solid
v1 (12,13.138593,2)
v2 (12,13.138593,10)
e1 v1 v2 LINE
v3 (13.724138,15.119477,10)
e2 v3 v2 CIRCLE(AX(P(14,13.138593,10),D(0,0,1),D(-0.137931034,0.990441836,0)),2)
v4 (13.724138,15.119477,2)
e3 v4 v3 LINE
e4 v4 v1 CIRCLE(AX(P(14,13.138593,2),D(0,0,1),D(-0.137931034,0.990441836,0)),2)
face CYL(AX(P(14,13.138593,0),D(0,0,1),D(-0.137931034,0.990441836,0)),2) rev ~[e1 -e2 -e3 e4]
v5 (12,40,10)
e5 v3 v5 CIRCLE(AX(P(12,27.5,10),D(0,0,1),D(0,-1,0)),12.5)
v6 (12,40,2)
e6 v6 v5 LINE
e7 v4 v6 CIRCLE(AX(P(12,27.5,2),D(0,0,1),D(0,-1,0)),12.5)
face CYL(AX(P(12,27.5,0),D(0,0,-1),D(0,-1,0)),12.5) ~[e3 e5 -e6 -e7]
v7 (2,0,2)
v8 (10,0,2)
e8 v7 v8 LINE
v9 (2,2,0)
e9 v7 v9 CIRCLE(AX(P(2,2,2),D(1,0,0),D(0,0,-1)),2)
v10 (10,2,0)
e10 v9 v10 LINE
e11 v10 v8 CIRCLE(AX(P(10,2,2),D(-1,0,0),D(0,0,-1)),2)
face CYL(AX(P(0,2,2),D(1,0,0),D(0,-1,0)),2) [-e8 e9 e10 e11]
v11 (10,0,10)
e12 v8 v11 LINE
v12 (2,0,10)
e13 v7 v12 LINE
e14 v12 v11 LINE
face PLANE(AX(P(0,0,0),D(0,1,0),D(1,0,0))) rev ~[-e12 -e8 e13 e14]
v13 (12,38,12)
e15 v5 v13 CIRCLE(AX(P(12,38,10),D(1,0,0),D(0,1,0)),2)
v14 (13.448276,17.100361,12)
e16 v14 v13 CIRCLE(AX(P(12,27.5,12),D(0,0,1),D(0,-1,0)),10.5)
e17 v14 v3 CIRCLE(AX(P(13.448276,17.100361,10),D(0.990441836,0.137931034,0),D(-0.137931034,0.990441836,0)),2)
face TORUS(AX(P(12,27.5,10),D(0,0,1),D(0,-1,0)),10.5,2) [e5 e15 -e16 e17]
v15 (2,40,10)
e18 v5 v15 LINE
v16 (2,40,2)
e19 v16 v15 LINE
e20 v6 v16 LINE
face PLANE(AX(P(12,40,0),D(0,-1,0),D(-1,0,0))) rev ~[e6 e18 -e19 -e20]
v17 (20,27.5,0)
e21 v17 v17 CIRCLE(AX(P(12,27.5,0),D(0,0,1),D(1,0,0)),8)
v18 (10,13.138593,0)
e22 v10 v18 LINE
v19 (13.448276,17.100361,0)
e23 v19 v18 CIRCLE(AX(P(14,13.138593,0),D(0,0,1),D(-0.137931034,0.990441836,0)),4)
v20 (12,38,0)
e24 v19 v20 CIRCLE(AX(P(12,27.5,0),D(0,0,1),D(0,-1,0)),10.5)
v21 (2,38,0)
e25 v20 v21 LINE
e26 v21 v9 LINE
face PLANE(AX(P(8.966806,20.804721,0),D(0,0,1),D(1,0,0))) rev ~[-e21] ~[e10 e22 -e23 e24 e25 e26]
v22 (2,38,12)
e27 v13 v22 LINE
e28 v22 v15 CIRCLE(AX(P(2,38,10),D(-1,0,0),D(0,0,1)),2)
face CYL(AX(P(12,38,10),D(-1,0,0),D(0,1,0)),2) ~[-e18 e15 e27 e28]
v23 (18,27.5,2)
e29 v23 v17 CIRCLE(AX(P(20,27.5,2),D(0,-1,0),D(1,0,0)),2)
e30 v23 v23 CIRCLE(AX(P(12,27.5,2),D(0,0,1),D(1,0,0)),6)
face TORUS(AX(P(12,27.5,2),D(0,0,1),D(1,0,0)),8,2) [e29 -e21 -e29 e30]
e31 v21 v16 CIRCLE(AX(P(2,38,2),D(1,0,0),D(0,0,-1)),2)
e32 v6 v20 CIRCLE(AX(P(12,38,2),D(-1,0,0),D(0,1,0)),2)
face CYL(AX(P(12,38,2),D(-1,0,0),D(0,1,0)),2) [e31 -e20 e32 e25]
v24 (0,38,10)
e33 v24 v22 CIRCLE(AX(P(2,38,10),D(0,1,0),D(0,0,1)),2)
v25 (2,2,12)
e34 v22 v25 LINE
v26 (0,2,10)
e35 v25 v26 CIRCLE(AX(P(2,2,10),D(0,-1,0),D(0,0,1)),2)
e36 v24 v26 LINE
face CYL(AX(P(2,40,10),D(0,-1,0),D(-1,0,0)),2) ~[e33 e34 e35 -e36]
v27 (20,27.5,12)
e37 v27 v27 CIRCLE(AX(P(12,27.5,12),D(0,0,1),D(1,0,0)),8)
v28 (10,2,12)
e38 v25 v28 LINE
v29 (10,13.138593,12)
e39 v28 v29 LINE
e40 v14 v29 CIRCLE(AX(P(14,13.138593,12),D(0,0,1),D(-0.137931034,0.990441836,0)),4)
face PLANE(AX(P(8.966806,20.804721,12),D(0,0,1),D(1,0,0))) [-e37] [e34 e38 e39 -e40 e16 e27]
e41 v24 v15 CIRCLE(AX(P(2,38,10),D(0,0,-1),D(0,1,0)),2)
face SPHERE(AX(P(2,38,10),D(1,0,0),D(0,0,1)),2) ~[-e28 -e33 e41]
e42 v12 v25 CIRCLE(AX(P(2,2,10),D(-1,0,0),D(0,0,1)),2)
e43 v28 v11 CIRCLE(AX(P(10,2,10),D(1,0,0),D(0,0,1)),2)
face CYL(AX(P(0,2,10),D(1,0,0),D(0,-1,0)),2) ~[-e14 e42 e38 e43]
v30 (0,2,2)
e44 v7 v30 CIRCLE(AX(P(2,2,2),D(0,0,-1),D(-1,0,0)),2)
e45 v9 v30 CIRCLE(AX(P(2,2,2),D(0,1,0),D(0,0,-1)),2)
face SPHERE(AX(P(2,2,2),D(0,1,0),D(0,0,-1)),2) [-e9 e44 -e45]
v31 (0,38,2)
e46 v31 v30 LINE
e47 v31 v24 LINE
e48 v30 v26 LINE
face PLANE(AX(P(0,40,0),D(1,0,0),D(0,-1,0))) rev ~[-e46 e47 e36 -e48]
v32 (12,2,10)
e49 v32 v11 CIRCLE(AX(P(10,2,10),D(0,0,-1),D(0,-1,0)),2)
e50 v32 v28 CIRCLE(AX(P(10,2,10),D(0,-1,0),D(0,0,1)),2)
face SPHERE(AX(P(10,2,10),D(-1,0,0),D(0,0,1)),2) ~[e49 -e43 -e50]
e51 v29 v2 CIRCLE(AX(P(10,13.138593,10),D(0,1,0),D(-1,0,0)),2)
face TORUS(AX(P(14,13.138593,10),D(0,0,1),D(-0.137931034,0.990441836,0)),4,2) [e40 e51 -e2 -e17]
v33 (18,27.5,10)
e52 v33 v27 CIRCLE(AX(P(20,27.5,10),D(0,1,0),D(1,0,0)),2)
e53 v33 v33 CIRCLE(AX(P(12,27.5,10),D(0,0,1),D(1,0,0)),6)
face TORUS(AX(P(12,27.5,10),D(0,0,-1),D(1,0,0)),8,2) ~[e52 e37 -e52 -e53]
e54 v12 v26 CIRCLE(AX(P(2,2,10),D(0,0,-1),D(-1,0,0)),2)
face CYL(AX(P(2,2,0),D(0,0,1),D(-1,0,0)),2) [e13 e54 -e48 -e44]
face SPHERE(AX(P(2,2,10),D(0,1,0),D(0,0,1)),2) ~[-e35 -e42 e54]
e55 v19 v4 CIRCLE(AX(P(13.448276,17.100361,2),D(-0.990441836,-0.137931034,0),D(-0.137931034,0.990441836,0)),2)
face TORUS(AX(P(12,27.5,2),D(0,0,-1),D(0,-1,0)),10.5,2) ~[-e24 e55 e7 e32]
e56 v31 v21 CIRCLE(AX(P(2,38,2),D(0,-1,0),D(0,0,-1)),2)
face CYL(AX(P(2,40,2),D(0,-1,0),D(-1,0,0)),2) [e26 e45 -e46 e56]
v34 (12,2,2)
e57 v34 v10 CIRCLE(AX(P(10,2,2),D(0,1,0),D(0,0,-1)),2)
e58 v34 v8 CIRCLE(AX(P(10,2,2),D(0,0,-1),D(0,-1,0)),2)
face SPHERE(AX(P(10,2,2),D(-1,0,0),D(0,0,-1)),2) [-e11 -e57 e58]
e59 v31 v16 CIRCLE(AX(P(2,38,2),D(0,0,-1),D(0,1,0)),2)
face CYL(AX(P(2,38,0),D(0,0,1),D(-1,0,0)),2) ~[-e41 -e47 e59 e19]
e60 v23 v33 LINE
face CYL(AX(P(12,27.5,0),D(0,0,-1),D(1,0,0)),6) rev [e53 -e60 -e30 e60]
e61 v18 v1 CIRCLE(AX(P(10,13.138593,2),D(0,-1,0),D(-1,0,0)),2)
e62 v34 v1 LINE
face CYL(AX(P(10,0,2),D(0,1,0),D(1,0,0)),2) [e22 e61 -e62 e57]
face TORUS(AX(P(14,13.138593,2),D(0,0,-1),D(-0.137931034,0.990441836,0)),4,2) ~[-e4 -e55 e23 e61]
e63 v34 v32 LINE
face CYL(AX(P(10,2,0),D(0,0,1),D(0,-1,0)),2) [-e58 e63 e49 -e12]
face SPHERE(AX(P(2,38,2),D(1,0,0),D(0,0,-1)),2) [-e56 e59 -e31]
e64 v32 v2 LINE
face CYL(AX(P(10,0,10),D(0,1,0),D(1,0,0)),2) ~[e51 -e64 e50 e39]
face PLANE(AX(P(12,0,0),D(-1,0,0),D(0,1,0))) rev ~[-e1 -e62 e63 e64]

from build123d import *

# Parameters (mm, degrees)
F0_R     = 6
F1_DEPTH = 12
F2_R     = 2


with BuildPart() as f1:
    # F0 (on Top) → F1 (new body)
    with BuildSketch(Plane.XY):
        with BuildLine():
            Line((0, 40), (0, 0))
            Line((0, 0), (12, 0))
            Line((12, 0), (12, 15))
            ThreePointArc((12, 15), (24.5, 27.5), (12, 40))
            Line((12, 40), (0, 40))
        make_face()
        with Locations((12, 27.5)):
            Circle(F0_R, mode=Mode.SUBTRACT)
    extrude(amount=F1_DEPTH)

    # F2
    f2_edges = [f1.edges().sort_by_distance(p)[0] for p in [
        (6, 40, 12),
        (0, 20, 12),
        (6, 0, 12),
        (12, 7.5, 12),
        (24.5, 27.5, 12),
        (6, 27.5, 12),
        (6, 40, 0),
        (0, 20, 0),
        (6, 0, 0),
        (12, 7.5, 0),
        (24.5, 27.5, 0),
        (6, 27.5, 0),
        (0, 40, 6),
        (0, 0, 6),
        (12, 0, 6),
        (12, 15, 6),
    ]]
    fillet(f2_edges, radius=F2_R)


solid = f1.part
